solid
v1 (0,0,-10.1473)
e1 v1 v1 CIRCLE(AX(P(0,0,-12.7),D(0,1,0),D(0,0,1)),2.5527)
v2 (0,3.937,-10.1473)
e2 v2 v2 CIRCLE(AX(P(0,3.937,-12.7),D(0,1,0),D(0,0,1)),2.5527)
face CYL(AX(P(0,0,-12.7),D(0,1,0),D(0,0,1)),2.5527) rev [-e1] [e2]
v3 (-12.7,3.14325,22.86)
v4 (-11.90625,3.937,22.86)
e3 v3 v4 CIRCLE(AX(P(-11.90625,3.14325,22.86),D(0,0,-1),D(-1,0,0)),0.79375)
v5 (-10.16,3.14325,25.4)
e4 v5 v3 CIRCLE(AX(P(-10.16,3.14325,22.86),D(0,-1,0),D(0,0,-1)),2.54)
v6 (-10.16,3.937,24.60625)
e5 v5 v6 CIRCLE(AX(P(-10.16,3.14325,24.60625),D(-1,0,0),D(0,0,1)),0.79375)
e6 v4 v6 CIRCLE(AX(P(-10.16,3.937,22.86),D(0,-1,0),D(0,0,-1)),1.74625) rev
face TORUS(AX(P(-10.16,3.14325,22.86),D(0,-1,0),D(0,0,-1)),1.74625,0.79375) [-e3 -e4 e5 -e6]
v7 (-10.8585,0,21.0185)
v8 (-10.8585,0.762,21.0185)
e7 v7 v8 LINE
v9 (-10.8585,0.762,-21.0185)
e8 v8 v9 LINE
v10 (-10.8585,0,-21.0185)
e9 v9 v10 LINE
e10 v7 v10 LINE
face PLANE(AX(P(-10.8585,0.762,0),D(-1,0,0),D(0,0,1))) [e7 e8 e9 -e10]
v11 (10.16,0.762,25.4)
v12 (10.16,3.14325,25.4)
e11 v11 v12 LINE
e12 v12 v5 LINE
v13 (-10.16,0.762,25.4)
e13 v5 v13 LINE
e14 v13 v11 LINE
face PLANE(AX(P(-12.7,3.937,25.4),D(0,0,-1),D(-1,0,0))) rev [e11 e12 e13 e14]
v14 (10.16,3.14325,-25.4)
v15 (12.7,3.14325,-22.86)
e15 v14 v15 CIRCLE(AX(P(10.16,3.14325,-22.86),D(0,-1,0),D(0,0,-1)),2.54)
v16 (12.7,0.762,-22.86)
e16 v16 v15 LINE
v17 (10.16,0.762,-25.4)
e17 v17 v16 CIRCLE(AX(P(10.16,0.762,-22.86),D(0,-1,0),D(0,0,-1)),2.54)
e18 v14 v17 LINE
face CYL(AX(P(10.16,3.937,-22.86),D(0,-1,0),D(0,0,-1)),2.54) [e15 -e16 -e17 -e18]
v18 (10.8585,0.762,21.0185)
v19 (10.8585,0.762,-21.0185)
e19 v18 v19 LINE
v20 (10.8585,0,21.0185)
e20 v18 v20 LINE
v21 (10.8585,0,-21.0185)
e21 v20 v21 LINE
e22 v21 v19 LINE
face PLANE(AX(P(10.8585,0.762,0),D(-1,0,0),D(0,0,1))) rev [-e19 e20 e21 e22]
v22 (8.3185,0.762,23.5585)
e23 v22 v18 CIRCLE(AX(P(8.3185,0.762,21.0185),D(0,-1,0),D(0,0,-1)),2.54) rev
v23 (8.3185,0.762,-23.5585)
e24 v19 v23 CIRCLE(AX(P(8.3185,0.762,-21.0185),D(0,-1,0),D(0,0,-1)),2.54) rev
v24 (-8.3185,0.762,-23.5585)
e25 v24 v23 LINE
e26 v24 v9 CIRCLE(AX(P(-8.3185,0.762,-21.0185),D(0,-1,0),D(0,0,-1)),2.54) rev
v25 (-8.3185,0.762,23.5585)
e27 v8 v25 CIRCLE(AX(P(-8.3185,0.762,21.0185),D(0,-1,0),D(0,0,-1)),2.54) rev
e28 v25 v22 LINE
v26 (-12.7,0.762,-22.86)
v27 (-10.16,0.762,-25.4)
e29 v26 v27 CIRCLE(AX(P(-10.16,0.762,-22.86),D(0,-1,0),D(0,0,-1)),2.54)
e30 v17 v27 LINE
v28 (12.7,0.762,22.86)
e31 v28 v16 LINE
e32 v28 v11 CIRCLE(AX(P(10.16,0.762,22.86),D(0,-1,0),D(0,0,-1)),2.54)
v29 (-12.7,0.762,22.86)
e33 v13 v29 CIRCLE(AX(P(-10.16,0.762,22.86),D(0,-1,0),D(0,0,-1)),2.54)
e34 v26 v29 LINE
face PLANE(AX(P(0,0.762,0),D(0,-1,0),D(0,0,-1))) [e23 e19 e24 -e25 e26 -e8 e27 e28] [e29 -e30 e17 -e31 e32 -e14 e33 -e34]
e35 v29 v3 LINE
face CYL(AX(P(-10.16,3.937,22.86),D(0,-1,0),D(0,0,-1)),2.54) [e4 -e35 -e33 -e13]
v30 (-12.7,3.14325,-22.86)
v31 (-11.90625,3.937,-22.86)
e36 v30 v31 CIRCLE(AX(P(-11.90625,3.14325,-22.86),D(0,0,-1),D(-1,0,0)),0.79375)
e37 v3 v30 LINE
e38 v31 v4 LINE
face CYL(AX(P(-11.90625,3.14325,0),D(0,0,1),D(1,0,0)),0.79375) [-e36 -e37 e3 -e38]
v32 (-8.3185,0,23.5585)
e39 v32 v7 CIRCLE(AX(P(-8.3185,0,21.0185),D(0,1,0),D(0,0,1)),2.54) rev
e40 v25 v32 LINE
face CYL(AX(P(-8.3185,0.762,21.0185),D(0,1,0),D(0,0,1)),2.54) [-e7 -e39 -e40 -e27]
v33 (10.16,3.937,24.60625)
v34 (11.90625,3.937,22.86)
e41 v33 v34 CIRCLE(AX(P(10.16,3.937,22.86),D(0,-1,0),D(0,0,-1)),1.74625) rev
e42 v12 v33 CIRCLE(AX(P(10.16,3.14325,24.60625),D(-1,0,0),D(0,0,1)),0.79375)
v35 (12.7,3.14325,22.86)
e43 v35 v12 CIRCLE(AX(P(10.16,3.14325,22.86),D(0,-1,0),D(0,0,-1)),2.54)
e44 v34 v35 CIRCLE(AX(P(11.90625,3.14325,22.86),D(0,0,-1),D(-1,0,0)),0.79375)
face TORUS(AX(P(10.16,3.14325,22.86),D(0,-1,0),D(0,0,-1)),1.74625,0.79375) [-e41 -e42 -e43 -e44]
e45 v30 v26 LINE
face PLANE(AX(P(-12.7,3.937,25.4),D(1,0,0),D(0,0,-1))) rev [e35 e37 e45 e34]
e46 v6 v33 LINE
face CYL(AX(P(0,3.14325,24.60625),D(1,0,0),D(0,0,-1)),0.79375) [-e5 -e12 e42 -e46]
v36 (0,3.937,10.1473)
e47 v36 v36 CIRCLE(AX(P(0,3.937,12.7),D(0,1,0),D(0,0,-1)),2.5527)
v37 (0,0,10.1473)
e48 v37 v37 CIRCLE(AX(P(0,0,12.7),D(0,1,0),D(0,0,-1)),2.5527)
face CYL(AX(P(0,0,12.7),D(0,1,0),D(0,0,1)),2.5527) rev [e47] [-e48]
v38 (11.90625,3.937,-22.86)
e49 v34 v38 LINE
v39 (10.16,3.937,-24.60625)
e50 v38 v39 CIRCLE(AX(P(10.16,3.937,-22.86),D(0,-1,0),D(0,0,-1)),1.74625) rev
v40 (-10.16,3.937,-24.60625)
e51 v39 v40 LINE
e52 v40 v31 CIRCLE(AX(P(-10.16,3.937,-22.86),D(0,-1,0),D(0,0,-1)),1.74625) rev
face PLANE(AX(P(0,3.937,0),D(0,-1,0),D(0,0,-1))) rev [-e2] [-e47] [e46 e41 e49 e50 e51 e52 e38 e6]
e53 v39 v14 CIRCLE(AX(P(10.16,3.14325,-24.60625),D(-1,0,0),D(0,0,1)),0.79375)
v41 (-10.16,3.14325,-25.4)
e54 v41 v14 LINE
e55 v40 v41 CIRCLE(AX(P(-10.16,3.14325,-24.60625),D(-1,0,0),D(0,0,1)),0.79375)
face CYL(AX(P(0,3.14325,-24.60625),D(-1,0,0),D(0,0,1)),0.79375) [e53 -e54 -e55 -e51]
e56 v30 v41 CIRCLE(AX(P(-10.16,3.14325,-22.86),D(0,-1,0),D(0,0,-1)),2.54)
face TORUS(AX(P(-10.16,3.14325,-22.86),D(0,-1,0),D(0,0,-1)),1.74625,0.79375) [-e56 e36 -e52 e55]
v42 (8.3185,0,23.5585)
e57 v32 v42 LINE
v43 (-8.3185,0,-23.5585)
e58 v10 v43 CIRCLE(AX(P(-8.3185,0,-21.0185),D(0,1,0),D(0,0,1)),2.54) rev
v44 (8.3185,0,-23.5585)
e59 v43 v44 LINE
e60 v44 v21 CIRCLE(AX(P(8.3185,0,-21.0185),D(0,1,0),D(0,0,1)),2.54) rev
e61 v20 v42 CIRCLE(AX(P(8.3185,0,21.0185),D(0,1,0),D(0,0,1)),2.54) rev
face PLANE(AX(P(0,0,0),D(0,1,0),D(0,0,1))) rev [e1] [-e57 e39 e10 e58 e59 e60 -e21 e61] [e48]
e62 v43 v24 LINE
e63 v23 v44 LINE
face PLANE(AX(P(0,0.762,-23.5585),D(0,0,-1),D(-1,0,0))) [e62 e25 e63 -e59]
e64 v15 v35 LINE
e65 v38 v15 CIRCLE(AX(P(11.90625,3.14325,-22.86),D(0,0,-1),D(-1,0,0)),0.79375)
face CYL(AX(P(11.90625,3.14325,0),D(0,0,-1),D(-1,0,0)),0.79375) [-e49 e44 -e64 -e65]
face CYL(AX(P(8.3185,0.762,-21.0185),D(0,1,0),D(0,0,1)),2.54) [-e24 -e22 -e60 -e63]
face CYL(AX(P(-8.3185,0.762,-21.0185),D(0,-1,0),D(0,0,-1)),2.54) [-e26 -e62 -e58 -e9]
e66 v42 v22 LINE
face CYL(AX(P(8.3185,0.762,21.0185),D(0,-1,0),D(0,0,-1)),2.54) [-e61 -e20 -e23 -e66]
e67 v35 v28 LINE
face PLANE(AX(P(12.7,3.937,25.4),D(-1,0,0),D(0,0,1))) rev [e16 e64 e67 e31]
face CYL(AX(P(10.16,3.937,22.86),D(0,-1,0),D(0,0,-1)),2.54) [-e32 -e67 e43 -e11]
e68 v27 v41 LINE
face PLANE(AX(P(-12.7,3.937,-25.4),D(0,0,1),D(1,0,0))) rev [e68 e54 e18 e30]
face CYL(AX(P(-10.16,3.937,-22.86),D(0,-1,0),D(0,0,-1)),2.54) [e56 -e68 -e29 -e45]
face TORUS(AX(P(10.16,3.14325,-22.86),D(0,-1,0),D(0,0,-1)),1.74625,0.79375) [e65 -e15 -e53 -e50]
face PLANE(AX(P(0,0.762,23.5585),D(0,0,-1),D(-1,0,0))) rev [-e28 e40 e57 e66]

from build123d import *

# Parameters (mm, degrees)
SKETCH1_W           = 21.717
SKETCH1_H           = 47.117
BOSS_EXTRUDE1_DEPTH = 0.762
SKETCH2_W           = 25.4
SKETCH2_H           = 50.8
BOSS_EXTRUDE2_DEPTH = 3.175
SKETCH3_R           = 2.5527
CUT_EXTRUDE1_DEPTH  = 4.937
FILLET1_R           = 2.54
FILLET3_R           = 0.79375


with BuildPart() as part:
    # Sketch1 → Boss-Extrude1 (new body)
    with BuildSketch(Plane(origin=(0, 0, 0), x_dir=(1, 0, 0), z_dir=(0, 1, 0))):
        Rectangle(SKETCH1_W, SKETCH1_H)
    extrude(amount=BOSS_EXTRUDE1_DEPTH)

    # Sketch2 → Boss-Extrude2 (add)
    with BuildSketch(Plane(origin=(0, 0.762, 0), x_dir=(1, 0, 0), z_dir=(0, 1, 0))):
        Rectangle(SKETCH2_W, SKETCH2_H)
    extrude(amount=BOSS_EXTRUDE2_DEPTH)

    # Sketch3 → Cut-Extrude1 (cut, through all)
    with BuildSketch(Plane(origin=(0, 3.937, 0), x_dir=(1, 0, 0), z_dir=(0, 1, 0))):
        with Locations((0, 12.7)):
            Circle(SKETCH3_R)
        with Locations((0, -12.7)):
            Circle(SKETCH3_R)
    extrude(amount=-CUT_EXTRUDE1_DEPTH, mode=Mode.SUBTRACT)

    # Fillet1
    fillet1_edges = [part.edges().sort_by_distance(p)[0] for p in [
        (12.7, 2.3495, 25.4),
        (12.7, 2.3495, -25.4),
        (-12.7, 2.3495, -25.4),
        (-12.7, 2.3495, 25.4),
        (-10.8585, 0.381, -23.5585),
        (10.8585, 0.381, -23.5585),
        (10.8585, 0.381, 23.5585),
        (-10.8585, 0.381, 23.5585),
    ]]
    fillet(fillet1_edges, radius=FILLET1_R)

    # Fillet3
    fillet3_edges = [part.edges().sort_by_distance(p)[0] for p in [
        (0, 3.937, -25.4),
        (12.7, 3.937, 0),
        (-12.7, 3.937, 0),
        (0, 3.937, 25.4),
        (-11.956051224, 3.937, 24.656051224),
        (-11.956051224, 3.937, -24.656051224),
        (11.956051224, 3.937, 24.656051224),
        (11.956051224, 3.937, -24.656051224),
    ]]
    fillet(fillet3_edges, radius=FILLET3_R)


solid = part.part
